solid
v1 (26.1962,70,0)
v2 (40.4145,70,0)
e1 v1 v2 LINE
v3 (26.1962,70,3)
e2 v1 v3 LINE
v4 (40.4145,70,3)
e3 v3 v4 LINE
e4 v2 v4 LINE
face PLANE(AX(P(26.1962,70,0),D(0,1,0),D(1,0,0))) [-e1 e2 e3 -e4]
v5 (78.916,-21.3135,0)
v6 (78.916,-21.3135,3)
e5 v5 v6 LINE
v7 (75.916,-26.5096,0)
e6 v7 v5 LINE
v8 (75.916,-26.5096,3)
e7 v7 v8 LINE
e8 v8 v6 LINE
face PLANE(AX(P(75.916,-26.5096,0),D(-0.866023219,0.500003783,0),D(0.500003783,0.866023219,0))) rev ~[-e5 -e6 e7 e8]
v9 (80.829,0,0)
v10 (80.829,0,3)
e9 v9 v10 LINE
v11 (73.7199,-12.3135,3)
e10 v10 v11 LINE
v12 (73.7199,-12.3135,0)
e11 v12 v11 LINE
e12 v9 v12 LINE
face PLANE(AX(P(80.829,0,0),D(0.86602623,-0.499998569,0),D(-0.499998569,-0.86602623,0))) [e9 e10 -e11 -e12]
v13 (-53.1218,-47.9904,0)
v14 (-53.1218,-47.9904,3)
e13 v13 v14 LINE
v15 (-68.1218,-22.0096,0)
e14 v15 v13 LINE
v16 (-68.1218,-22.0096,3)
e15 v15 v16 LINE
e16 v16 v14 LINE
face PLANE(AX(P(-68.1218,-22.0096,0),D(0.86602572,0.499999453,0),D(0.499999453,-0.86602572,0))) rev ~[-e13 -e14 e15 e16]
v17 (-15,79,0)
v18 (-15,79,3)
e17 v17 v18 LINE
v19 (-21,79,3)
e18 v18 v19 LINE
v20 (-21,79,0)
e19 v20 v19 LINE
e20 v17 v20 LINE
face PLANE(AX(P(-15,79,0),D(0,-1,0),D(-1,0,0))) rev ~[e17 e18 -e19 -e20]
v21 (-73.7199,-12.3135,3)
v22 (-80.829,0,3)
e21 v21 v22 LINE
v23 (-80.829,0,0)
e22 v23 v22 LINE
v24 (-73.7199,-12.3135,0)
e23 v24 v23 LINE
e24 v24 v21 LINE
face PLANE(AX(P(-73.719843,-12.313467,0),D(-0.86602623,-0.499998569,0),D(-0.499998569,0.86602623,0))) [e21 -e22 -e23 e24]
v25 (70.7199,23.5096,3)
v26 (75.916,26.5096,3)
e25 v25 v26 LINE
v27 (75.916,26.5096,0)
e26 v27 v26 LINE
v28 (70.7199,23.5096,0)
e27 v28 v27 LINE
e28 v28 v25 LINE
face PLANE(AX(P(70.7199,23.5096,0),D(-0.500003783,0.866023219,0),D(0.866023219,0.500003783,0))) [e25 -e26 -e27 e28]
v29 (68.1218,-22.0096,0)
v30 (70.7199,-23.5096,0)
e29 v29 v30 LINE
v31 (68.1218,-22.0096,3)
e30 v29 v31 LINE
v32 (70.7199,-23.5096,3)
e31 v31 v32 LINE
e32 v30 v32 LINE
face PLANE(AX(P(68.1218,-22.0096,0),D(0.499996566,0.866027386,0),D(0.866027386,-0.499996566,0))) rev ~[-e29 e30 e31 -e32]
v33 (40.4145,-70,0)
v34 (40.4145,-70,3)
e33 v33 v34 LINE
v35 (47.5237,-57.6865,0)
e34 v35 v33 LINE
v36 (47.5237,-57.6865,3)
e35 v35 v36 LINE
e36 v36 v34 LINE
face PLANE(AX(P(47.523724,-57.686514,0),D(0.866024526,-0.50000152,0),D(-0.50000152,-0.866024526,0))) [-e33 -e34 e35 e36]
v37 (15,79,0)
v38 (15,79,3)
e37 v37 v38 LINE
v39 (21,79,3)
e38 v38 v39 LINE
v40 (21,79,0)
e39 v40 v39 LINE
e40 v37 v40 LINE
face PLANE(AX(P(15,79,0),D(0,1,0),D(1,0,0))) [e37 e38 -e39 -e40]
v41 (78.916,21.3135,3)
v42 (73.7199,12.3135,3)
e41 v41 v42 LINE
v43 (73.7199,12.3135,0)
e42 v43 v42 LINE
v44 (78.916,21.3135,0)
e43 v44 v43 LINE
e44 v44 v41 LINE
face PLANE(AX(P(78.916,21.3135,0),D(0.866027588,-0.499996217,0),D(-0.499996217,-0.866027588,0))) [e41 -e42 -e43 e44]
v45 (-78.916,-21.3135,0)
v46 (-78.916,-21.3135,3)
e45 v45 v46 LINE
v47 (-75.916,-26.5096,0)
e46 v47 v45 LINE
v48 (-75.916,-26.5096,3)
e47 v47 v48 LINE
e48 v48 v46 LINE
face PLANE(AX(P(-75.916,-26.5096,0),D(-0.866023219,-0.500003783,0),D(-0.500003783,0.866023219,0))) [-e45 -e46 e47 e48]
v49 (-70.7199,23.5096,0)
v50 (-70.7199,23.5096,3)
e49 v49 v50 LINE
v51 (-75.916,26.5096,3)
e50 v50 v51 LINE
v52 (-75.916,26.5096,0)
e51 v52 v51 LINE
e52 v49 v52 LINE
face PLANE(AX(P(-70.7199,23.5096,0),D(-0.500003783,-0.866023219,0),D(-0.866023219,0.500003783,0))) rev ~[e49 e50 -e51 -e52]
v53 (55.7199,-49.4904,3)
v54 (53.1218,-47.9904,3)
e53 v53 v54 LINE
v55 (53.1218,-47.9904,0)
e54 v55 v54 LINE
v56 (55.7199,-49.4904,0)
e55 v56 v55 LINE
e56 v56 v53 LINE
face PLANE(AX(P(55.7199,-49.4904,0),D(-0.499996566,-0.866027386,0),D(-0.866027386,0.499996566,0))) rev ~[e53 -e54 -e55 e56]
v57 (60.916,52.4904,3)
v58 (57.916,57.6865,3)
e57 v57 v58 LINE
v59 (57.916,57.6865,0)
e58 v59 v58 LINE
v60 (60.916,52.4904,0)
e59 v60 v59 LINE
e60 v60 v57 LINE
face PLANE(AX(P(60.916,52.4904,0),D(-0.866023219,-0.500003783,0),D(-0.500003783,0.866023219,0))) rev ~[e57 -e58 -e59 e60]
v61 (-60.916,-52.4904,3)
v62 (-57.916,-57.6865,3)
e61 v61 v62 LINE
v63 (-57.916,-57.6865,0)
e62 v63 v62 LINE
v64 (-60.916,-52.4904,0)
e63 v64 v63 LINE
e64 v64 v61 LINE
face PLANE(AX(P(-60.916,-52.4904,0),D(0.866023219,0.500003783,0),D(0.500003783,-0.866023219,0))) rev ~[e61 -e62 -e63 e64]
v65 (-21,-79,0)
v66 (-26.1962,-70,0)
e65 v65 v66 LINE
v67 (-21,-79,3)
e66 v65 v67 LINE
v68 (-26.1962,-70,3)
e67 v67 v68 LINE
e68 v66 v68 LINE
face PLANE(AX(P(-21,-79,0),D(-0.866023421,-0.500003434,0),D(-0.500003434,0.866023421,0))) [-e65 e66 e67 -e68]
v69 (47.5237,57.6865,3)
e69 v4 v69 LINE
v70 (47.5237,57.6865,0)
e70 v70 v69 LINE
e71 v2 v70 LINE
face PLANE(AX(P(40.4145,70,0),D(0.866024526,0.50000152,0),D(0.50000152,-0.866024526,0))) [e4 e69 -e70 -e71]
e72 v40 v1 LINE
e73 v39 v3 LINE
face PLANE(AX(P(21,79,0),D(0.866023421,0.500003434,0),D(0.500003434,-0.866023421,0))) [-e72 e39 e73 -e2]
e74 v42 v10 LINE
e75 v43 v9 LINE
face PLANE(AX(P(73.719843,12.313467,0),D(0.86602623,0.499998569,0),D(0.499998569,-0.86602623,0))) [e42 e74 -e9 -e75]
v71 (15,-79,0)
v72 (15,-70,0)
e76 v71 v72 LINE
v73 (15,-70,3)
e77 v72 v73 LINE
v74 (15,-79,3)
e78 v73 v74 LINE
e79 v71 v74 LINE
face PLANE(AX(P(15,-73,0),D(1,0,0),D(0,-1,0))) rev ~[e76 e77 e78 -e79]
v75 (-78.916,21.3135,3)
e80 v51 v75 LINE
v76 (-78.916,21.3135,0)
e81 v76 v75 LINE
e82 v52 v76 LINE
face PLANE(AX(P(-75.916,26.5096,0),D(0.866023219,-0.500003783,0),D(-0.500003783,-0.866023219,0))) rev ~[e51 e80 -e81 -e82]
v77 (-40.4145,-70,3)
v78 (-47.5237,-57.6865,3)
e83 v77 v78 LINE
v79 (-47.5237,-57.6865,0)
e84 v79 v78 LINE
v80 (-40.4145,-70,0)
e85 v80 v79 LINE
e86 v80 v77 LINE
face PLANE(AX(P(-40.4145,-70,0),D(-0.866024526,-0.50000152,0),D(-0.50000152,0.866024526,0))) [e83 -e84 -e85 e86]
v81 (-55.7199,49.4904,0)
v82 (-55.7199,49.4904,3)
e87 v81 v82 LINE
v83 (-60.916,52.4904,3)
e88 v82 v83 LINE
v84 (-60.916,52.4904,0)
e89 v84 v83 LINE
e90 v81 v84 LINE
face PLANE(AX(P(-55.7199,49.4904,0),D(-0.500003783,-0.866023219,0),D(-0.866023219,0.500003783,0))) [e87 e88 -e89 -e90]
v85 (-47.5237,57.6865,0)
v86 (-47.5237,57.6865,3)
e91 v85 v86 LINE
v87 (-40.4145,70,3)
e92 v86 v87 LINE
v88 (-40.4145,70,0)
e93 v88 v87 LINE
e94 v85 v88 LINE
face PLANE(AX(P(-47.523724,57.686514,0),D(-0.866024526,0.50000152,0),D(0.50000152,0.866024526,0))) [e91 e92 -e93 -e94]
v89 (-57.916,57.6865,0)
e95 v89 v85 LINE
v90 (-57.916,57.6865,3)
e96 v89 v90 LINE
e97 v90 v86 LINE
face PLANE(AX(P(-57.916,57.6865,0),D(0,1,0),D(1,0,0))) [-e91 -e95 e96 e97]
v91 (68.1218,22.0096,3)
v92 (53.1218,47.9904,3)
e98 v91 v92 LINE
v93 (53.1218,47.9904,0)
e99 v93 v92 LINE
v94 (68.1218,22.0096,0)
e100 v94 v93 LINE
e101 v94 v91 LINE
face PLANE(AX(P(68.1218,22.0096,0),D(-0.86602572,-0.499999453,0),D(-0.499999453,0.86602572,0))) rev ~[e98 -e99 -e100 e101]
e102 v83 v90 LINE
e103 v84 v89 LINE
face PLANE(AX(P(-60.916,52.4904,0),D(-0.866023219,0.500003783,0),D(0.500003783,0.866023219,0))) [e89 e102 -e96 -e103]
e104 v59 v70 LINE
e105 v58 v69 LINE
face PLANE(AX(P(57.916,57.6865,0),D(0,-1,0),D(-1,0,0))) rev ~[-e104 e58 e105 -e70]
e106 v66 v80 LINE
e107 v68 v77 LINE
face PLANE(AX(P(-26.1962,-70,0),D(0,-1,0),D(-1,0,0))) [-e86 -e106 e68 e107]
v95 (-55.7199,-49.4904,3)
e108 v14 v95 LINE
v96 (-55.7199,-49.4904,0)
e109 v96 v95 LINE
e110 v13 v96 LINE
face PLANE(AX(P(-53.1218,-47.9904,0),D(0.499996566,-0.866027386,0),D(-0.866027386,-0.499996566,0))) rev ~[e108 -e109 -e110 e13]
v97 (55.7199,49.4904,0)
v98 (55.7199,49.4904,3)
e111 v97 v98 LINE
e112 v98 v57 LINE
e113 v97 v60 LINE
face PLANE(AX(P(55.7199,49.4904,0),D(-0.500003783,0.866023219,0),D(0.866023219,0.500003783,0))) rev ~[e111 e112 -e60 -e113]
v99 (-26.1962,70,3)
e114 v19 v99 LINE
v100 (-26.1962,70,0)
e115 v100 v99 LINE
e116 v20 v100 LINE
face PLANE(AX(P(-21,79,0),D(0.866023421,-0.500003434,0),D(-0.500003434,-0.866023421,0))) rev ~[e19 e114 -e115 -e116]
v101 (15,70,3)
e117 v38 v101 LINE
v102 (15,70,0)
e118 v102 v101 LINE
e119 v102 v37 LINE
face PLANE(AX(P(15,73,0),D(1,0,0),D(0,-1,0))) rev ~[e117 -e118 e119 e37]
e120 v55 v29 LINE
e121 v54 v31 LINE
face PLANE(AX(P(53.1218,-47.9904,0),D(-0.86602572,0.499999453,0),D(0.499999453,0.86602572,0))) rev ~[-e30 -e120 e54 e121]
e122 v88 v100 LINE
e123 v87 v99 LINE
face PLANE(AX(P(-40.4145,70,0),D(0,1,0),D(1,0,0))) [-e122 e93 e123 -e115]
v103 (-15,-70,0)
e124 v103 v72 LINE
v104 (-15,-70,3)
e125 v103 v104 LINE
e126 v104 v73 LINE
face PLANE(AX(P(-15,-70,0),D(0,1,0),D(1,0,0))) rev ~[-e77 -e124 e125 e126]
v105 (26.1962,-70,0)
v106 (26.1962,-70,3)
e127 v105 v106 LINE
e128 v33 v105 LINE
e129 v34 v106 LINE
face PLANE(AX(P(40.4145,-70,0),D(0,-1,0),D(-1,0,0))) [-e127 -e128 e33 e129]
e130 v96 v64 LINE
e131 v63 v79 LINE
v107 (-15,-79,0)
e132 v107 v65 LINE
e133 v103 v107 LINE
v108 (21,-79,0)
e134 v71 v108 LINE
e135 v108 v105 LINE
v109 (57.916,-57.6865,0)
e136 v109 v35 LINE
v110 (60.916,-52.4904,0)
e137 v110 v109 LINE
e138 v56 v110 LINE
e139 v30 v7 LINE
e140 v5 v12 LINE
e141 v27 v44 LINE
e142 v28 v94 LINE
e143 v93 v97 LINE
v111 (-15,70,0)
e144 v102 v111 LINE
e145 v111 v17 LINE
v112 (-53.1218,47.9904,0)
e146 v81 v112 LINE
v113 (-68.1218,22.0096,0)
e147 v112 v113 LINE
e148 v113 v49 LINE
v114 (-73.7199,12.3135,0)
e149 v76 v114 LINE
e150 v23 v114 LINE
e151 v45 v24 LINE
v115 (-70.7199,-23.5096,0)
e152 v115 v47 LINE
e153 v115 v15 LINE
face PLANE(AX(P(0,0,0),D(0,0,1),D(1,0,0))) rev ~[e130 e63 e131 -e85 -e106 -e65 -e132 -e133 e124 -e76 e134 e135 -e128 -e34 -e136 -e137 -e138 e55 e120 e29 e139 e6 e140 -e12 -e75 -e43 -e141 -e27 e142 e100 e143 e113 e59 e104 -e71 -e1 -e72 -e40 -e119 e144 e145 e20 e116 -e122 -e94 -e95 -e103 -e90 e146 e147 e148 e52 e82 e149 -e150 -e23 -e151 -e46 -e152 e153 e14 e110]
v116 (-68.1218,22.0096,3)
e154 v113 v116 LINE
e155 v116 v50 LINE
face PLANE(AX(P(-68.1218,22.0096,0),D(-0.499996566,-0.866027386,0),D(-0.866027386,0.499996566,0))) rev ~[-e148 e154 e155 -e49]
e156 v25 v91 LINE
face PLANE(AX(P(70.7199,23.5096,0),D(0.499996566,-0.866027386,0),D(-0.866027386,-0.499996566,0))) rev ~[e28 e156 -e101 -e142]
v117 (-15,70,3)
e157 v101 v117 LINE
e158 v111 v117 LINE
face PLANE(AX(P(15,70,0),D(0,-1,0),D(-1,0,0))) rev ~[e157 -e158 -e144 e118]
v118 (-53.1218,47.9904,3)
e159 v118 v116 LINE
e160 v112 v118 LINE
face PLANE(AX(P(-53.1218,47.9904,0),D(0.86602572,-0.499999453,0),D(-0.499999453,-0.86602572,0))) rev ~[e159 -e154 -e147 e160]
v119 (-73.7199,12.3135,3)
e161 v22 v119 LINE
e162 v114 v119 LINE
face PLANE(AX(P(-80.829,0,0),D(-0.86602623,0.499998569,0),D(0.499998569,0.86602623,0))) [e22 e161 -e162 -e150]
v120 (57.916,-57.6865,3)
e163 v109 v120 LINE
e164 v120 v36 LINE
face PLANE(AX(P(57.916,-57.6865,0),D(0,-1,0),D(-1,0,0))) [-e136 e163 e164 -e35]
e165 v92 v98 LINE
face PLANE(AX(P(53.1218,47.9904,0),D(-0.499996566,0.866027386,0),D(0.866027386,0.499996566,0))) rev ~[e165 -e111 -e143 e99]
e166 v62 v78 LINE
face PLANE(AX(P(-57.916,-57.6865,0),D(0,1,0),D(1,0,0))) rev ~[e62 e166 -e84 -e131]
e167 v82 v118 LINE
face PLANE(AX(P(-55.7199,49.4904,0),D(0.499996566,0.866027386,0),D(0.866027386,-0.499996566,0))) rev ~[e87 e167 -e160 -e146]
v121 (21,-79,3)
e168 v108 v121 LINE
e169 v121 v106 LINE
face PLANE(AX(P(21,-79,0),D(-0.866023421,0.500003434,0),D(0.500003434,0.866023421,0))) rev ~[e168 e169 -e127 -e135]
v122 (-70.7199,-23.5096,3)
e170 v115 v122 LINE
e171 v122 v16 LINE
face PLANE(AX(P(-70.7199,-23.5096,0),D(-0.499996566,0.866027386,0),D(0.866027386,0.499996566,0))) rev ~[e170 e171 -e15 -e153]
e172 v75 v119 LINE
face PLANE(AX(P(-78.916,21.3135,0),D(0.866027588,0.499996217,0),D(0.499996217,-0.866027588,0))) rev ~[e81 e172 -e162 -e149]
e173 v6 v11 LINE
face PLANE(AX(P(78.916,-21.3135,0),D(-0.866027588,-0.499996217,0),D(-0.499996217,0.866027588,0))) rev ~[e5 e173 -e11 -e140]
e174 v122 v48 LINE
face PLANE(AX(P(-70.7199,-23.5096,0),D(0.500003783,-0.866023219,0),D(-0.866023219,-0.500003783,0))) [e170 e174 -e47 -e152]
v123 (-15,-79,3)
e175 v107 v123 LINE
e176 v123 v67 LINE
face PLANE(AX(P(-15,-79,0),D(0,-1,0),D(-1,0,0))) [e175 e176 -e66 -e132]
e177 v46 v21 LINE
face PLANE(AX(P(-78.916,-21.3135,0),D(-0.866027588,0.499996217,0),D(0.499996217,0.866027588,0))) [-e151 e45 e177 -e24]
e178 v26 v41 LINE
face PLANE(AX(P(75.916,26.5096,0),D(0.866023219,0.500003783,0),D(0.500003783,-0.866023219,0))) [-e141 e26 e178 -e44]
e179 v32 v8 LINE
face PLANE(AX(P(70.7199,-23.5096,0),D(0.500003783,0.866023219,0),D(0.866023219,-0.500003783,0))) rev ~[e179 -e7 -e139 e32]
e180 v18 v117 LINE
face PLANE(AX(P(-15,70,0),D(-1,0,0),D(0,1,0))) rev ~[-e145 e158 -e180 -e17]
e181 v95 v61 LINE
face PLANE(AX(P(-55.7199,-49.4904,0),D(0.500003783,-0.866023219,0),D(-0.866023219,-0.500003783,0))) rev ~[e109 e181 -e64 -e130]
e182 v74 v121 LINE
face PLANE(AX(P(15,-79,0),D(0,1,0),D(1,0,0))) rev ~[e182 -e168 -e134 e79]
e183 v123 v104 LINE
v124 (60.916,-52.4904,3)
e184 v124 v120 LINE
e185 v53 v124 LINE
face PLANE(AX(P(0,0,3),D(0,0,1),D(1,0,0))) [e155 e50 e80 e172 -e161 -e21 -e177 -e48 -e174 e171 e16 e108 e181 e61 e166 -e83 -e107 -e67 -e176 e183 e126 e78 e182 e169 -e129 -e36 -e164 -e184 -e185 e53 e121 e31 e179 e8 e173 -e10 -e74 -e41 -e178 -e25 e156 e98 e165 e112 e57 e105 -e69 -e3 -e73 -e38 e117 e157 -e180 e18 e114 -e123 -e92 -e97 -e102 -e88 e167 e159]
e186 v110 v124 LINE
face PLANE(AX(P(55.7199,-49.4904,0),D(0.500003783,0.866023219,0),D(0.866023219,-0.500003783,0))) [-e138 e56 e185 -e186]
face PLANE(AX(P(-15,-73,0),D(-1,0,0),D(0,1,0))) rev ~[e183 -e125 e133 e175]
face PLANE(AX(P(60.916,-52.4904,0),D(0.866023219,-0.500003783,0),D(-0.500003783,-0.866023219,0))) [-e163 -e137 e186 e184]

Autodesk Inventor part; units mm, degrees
ref_plane "YZ Plane" through (0, 0, 0) normal (1, 0, 0) x (0, 1, 0)
ref_plane "XZ Plane" through (0, 0, 0) normal (0, 1, 0) x (-1, 0, 0)
ref_plane "XY Plane" through (0, 0, 0) normal (0, 0, 1) x (1, 0, 0)
sketch "Sketch1" plane through (0, 0, 0) normal (0, 0, 1) x (1, 0, 0)
  line L0 (-15, 73) -> (15, 73)
  line L1 (15, 73) -> (15, 70)
  line L2 (-15, 70) -> (-15, 73)
  line L3 (-40.4145, 70) -> (-15, 70)
  line L4 (15, 70) -> (40.4145, 70)
  line L5 (-70.7199, 23.5096) -> (-55.7199, 49.4904)
  line L6 (-55.7199, 49.4904) -> (-53.1218, 47.9904)
  line L7 (-68.1218, 22.0096) -> (-70.7199, 23.5096)
  line L8 (-55.7199, -49.4904) -> (-70.7199, -23.5096)
  line L9 (-70.7199, -23.5096) -> (-68.1218, -22.0096)
  line L10 (-53.1218, -47.9904) -> (-55.7199, -49.4904)
  line L11 (15, -73) -> (-15, -73)
  line L12 (-15, -73) -> (-15, -70)
  line L13 (15, -70) -> (15, -73)
  line L14 (70.7199, -23.5096) -> (55.7199, -49.4904)
  line L15 (55.7199, -49.4904) -> (53.1218, -47.9904)
  line L16 (68.1218, -22.0096) -> (70.7199, -23.5096)
  line L17 (55.7199, 49.4904) -> (70.7199, 23.5096)
  line L18 (70.7199, 23.5096) -> (68.1218, 22.0096)
  line L19 (53.1218, 47.9904) -> (55.7199, 49.4904)
  line L20 (-80.829, 0) -> (-68.1218, 22.0096)
  line L21 (-53.1218, 47.9904) -> (-40.4145, 70)
  line L22 (40.4145, 70) -> (53.1218, 47.9904)
  line L23 (68.1218, 22.0096) -> (80.829, 0)
  line L24 (80.829, 0) -> (68.1218, -22.0096)
  line L25 (53.1218, -47.9904) -> (40.4145, -70)
  line L26 (40.4145, -70) -> (15, -70)
  line L27 (-15, -70) -> (-40.4145, -70)
  line L28 (-40.4145, -70) -> (-53.1218, -47.9904)
  line L29 (-68.1218, -22.0096) -> (-80.829, 0)
  line L30 (15, 70) -> (-15, 70)
  line L31 (-53.1218, 47.9904) -> (-68.1218, 22.0096)
  line L32 (-68.1218, -22.0096) -> (-53.1218, -47.9904)
  line L33 (-15, -70) -> (15, -70)
  line L34 (53.1218, -47.9904) -> (68.1218, -22.0096)
  line L35 (68.1218, 22.0096) -> (53.1218, 47.9904)
  line L36 (-15, 73) -> (-15, 79)
  line L37 (-15, 79) -> (-21, 79)
  line L38 (-21, 79) -> (-21, 70)
  line L39 (15, 73) -> (15, 79)
  line L40 (15, 79) -> (21, 79)
  line L41 (21, 79) -> (21, 70)
  line L42 (-55.7199, 49.4904) -> (-60.916, 52.4904)
  line L43 (-57.916, 57.6865) -> (-50.1218, 53.1865)
  line L44 (-60.916, 52.4904) -> (-57.916, 57.6865)
  line L45 (-70.7199, 23.5096) -> (-75.916, 26.5096)
  line L46 (-75.916, 26.5096) -> (-78.916, 21.3135)
  line L47 (-78.916, 21.3135) -> (-71.1218, 16.8135)
  line L48 (-70.7199, -23.5096) -> (-75.916, -26.5096)
  line L49 (-78.916, -21.3135) -> (-71.1218, -16.8135)
  line L50 (-75.916, -26.5096) -> (-78.916, -21.3135)
  line L51 (-55.7199, -49.4904) -> (-60.916, -52.4904)
  line L52 (-60.916, -52.4904) -> (-57.916, -57.6865)
  line L53 (-57.916, -57.6865) -> (-50.1218, -53.1865)
  line L54 (-15, -73) -> (-15, -79)
  line L55 (-21, -79) -> (-21, -70)
  line L56 (-15, -79) -> (-21, -79)
  line L57 (15, -73) -> (15, -79)
  line L58 (15, -79) -> (21, -79)
  line L59 (21, -79) -> (21, -70)
  line L60 (55.7199, -49.4904) -> (60.916, -52.4904)
  line L61 (57.916, -57.6865) -> (50.1218, -53.1865)
  line L62 (60.916, -52.4904) -> (57.916, -57.6865)
  line L63 (70.7199, -23.5096) -> (75.916, -26.5096)
  line L64 (75.916, -26.5096) -> (78.916, -21.3135)
  line L65 (78.916, -21.3135) -> (71.1218, -16.8135)
  line L66 (70.7199, 23.5096) -> (75.916, 26.5096)
  line L67 (78.916, 21.3135) -> (71.1218, 16.8135)
  line L68 (75.916, 26.5096) -> (78.916, 21.3135)
  line L69 (55.7199, 49.4904) -> (60.916, 52.4904)
  line L70 (60.916, 52.4904) -> (57.916, 57.6865)
  line L71 (57.916, 57.6865) -> (50.1218, 53.1865)
  line L72 (-21, 79) -> (-26.1962, 70)
  line L73 (21, 79) -> (26.1962, 70)
  line L74 (-57.916, 57.6865) -> (-47.5237, 57.6865)
  line L75 (-78.916, 21.3135) -> (-73.7199, 12.3135)
  line L76 (-78.916, -21.3135) -> (-73.7199, -12.3135)
  line L77 (-57.916, -57.6865) -> (-47.5237, -57.6865)
  line L78 (-21, -79) -> (-26.1962, -70)
  line L79 (21, -79) -> (26.1962, -70)
  line L80 (57.916, -57.6865) -> (47.5237, -57.6865)
  line L81 (78.916, -21.3135) -> (73.7199, -12.3135)
  line L82 (78.916, 21.3135) -> (73.7199, 12.3135)
  line L83 (57.916, 57.6865) -> (47.5237, 57.6865)
  point P0 (0, 0)
  point P1 (0, 0)
  point P2 (0, 73)
  point P3 (-63.2199, 36.5)
  point P4 (-63.2199, -36.5)
  point P5 (0, -73)
  point P6 (63.2199, -36.5)
  point P7 (63.2199, 36.5)
  point P8 (71.1218, 16.8135)
  point P9 (50.1218, -53.1865)
  point P10 (71.1218, -16.8135)
  point P11 (21, -70)
  point P12 (-71.1218, -16.8135)
  point P13 (-50.1218, -53.1865)
  point P14 (-71.1218, 16.8135)
  point P15 (-50.1218, 53.1865)
  point P16 (-47.5237, 57.6865)
  point P17 (-73.7199, 12.3135)
  point P18 (-73.7199, -12.3135)
  point P19 (-47.5237, -57.6865)
  point P20 (-26.1962, -70)
  point P21 (26.1962, -70)
  point P22 (47.5237, -57.6865)
  point P23 (73.7199, -12.3135)
  point P24 (73.7199, 12.3135)
  point P25 (47.5237, 57.6865)
  dimension "d1" = 3
  dimension "d3" = 30
  dimension "d6" = 360
  dimension "d8" = 140
  dimension "d9" = 146
  dimension "d14" = 360
  dimension "d16" = 6
  dimension "d17" = 6
  dimension "d18" = 6
  dimension "d19" = 6
  dimension "d22" = 360
  dimension "d24" = 60
  dimension "d25" = 60
  dimension "d28" = 360
extrude "Extrusion1" add sketch "Sketch1" along normal blind 3 contours L2 L3 L38 L37 L36 | L39 L40 L41 L4 L1 | L30 L4 L22 L35 L23 L24 L34 L25 L26 L33 L27 L28 L32 L29 L20 L31 L21 L3 | L3 L72 L38 | L41 L73 L4 | L21 L43 L74 | L83 L71 L22 | L21 L6 L42 L44 L43 | L71 L70 L69 L19 L22 | L20 L47 L46 L45 L7 | L18 L66 L68 L67 L23 | L20 L75 L47 | L67 L82 L23 | L29 L49 L76 | L81 L65 L24 | L29 L9 L48 L50 L49 | L65 L64 L63 L16 L24 | L28 L53 L52 L51 L10 | L15 L60 L62 L61 L25 | L28 L77 L53 | L61 L80 L25 | L27 L55 L78 | L79 L59 L26 | L27 L12 L54 L56 L55 | L59 L58 L57 L13 L26
properties material "MDF Medium Density Fiberboard"
